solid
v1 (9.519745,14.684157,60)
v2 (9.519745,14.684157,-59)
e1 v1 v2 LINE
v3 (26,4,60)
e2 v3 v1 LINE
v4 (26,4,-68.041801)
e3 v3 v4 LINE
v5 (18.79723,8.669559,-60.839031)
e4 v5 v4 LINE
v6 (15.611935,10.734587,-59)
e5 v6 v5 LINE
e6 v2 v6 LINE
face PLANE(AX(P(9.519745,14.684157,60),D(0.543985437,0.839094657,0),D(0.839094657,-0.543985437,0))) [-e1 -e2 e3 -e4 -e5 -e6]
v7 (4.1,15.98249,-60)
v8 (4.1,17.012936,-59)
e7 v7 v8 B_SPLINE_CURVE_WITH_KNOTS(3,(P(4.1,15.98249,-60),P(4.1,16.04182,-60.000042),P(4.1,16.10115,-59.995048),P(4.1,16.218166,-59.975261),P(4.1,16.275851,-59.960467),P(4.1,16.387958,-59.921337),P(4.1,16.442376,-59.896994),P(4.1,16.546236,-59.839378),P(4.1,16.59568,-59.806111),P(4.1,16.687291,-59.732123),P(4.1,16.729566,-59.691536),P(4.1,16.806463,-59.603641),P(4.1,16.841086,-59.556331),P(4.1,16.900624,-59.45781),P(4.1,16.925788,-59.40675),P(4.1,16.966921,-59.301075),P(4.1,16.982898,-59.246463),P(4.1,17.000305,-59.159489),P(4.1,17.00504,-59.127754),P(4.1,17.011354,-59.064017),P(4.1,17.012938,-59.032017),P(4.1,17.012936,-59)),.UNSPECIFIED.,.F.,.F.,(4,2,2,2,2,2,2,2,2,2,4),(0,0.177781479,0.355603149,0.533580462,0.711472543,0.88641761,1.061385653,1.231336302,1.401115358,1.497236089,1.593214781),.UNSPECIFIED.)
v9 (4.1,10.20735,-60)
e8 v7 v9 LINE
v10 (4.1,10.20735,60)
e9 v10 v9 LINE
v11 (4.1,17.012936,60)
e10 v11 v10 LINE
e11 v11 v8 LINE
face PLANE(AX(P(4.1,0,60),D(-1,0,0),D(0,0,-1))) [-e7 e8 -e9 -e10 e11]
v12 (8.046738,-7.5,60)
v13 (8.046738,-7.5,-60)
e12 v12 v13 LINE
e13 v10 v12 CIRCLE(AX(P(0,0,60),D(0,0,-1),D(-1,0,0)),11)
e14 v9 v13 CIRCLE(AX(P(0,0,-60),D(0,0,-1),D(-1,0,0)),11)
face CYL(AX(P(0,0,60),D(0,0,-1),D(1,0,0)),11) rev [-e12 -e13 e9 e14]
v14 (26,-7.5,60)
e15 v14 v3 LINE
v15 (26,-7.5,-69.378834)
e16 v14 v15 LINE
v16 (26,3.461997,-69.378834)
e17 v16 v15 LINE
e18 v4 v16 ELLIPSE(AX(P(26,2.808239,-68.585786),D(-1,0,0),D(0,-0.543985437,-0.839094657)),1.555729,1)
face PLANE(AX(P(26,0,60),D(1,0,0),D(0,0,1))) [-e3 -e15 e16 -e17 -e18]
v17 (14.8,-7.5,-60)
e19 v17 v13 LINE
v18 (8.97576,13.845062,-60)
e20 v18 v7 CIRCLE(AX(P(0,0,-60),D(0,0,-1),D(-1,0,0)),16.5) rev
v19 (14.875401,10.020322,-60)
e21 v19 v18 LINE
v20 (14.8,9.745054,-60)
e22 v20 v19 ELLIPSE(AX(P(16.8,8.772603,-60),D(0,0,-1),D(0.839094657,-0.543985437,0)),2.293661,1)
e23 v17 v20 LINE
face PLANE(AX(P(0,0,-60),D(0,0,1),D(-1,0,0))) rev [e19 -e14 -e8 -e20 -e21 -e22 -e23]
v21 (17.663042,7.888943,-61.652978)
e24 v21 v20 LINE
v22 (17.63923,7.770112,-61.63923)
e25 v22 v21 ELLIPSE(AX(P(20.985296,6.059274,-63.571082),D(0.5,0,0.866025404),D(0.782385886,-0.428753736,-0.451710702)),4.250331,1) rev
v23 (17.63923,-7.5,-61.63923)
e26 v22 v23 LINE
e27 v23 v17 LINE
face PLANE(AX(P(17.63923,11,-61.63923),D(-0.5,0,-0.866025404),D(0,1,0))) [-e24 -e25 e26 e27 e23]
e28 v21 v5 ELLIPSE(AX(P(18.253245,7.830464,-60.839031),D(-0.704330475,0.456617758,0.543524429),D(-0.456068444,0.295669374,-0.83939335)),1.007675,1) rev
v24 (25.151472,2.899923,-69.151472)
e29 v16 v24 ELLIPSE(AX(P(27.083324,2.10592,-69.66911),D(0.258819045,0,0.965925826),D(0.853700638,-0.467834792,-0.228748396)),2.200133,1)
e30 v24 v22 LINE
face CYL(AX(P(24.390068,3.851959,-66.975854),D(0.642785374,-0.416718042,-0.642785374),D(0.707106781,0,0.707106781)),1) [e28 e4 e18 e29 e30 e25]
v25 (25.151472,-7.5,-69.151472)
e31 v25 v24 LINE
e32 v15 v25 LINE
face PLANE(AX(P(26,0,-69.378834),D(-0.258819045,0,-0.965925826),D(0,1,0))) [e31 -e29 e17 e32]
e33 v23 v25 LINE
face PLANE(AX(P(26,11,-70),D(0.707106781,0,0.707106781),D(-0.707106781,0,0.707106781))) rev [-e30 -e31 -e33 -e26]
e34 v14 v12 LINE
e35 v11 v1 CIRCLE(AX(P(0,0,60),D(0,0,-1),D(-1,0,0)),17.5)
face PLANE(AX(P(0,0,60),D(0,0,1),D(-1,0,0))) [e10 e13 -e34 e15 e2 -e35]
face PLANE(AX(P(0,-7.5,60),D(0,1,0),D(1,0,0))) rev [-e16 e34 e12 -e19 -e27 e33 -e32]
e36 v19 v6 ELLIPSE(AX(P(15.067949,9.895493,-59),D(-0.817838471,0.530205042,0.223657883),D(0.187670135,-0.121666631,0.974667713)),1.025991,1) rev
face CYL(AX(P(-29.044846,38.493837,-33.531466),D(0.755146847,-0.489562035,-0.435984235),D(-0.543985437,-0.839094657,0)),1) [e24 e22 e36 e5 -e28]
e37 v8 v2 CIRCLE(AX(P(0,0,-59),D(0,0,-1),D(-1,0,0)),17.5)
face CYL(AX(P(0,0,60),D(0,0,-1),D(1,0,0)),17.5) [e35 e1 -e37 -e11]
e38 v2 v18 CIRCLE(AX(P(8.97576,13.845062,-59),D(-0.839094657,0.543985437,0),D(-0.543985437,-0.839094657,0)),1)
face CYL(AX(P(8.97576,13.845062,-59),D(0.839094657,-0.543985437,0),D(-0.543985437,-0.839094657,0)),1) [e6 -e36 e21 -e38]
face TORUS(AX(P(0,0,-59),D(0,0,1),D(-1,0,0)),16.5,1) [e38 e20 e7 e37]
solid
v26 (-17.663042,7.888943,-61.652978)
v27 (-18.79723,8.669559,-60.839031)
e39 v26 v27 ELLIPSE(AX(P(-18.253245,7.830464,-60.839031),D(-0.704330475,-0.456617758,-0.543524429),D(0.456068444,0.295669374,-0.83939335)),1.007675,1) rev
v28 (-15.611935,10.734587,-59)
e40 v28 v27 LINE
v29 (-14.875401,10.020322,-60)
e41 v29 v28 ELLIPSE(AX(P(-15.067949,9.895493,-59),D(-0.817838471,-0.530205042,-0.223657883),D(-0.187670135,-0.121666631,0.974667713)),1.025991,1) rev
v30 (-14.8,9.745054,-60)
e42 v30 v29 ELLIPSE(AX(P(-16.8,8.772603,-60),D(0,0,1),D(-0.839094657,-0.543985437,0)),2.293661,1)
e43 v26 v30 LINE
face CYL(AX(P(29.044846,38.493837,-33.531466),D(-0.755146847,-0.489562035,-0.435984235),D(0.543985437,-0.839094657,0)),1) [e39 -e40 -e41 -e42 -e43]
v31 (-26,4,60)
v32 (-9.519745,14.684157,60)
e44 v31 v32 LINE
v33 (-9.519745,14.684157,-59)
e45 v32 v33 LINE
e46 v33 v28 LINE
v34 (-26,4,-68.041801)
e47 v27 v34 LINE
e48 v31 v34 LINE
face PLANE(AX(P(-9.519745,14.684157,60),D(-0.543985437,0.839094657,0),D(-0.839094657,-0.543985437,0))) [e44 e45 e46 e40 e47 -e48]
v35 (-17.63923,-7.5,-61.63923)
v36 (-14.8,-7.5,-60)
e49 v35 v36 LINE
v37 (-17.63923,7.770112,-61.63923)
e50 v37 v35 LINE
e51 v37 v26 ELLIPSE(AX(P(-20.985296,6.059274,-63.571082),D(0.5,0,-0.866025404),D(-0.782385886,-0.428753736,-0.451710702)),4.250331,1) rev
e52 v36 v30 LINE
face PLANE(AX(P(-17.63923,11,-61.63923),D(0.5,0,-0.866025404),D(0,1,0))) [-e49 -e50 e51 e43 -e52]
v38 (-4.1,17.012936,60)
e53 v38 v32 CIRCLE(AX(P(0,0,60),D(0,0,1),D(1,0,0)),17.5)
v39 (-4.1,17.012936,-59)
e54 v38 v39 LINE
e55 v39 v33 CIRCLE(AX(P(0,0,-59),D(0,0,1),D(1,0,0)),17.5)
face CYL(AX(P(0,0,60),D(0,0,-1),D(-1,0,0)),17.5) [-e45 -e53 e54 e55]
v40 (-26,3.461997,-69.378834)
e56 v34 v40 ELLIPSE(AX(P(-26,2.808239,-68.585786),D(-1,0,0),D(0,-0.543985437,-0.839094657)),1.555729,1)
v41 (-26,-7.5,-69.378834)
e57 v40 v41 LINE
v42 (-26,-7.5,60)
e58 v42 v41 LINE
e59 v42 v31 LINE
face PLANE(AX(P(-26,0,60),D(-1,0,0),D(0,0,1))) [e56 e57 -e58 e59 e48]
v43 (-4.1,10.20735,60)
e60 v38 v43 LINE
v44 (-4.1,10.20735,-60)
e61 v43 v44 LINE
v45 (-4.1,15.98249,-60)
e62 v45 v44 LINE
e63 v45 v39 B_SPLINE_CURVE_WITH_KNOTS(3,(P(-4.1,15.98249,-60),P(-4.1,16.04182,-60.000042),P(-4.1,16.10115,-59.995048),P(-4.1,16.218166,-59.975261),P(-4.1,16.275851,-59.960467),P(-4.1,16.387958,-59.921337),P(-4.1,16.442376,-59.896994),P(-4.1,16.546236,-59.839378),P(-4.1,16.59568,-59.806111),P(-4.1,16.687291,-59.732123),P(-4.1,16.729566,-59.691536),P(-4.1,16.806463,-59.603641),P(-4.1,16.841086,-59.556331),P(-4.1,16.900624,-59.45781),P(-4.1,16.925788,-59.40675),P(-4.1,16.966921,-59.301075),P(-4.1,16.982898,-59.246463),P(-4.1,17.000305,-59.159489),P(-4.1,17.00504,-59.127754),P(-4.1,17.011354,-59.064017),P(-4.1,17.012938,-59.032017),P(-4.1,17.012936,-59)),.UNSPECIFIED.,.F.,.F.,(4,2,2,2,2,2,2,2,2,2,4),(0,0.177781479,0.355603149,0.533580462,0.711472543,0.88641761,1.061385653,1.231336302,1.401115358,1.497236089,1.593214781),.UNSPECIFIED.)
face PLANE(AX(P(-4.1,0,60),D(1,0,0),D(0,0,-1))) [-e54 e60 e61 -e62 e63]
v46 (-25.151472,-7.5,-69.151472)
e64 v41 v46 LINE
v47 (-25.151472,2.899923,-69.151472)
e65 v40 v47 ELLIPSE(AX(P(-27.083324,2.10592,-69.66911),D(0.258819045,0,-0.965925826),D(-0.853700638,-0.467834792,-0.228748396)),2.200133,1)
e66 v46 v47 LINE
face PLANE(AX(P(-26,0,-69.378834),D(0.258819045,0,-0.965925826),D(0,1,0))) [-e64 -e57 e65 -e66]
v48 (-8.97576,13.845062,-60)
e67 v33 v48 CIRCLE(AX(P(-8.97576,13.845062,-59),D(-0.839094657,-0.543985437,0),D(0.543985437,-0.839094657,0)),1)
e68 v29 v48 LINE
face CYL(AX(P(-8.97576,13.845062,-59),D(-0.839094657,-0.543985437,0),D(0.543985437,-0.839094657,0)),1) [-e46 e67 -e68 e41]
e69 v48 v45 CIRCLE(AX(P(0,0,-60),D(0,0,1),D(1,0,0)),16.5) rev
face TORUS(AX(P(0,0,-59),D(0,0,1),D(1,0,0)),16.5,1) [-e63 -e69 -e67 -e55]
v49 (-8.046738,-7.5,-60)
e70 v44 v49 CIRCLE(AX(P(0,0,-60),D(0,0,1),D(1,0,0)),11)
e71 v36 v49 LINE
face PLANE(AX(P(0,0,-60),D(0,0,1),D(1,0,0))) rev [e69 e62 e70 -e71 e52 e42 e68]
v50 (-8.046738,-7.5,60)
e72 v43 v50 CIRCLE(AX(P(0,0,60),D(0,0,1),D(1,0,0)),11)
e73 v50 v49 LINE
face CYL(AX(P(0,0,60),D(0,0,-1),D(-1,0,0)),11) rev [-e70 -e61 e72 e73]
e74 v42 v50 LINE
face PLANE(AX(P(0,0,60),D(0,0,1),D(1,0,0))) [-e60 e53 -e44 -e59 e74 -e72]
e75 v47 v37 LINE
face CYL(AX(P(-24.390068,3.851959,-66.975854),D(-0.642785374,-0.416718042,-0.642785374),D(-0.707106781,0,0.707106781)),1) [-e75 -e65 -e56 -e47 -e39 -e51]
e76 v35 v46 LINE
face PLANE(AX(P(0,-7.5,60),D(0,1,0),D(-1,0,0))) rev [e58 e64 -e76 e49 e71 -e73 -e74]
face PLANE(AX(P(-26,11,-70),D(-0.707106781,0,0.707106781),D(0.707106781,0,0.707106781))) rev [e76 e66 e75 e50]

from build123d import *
from OCP.BRepFilletAPI import BRepFilletAPI_MakeChamfer

# Parameters (mm, degrees)
EXTRUDE_1_DEPTH          = 60
EXTRUDE_2_DEPTH          = 11
EXTRUDE_2_DEPTH_BACK     = 7.5
CUT_EXTRUDE_1_DEPTH      = 77.58616063
CUT_EXTRUDE_1_DEPTH_BACK = 77.58616063
CHAMFER_1_SIZE           = 1.2
CHAMFER_1_SIZE2          = 2.318221983
CHAMFER_1_SIZE2_2        = 0.621165708
FILLET_1_R               = 1


with BuildPart() as part:
    # 스케치1 → 보스-돌출1 (new, symmetric)
    with BuildSketch(Plane.XY):
        with BuildLine():
            Line((-26, -7.5), (-15.811388301, -7.5))
            ThreePointArc((-15.811388301, -7.5), (-16.835996569, 4.774852829), (-9.519745153, 14.684156503))
            Line((-9.519745153, 14.684156503), (-26, 4))
            Line((-26, 4), (-26, -7.5))
        make_face()
        with BuildLine():
            ThreePointArc((-9.519745153, 14.684156503), (-16.835996569, 4.774852829), (-15.811388301, -7.5))
            Line((-15.811388301, -7.5), (-8.04673847, -7.5))
            ThreePointArc((-8.04673847, -7.5), (-10.736544018, 2.393036259), (-4.1, 10.207350293))
            Line((-4.1, 10.207350293), (-4.1, 17.012936255))
            ThreePointArc((-4.1, 17.012936255), (-6.90870236, 16.078551916), (-9.519745153, 14.684156503))
        make_face()
    extrude(amount=EXTRUDE_1_DEPTH, both=True)

    # 스케치2 → 보스-돌출2 (add, two sides: drawn at the far end of the back side and taken through both)
    with BuildSketch(Plane(origin=(0, 0, 0), x_dir=(1, 0, 0), z_dir=(0, 1, 0)).offset(-EXTRUDE_2_DEPTH_BACK)):
        Polygon((-26, 60), (-26, 70), (-16, 60), align=None)
    extrude(amount=EXTRUDE_2_DEPTH + EXTRUDE_2_DEPTH_BACK)

    # 스케치3 → 컷-돌출1 (cut, two sides: drawn at the far end of the back side and taken through both)
    with BuildSketch(Plane.XY.offset(-CUT_EXTRUDE_1_DEPTH_BACK)):
        Polygon((-26, 4), (-15.202537057, 11), (-26, 11), align=None)
    extrude(amount=CUT_EXTRUDE_1_DEPTH + CUT_EXTRUDE_1_DEPTH_BACK, mode=Mode.SUBTRACT)

    # 모따기1: one chamfer whose edges measure the first distance from different faces: ONE call of the kernel's chamfer builder (chamfer() names one face for all edges)
    chamfer_1_edges_1 = [part.edges().sort_by_distance(p)[0] for p in [
        (-16, 1.491502211, -60),
    ]]
    chamfer_1_side_1 = [part.faces().sort_by_distance(p)[0] for p in [
        (-11.32981626, 5.117453967, -60),
    ]]
    chamfer_1_edges_2 = [part.edges().sort_by_distance(p)[0] for p in [
        (-26, -1.75, -70),
    ]]
    chamfer_1_side_2 = [part.faces().sort_by_distance(p)[0] for p in [
        (-20.633517425, -0.010453487, -64.633517425),
    ]]
    chamfer_1 = BRepFilletAPI_MakeChamfer(part.part.solid().wrapped)
    for e in chamfer_1_edges_1:
        chamfer_1.Add(CHAMFER_1_SIZE, CHAMFER_1_SIZE2, e.wrapped, chamfer_1_side_1[0].wrapped)  # the first distance lies on this face
    for e in chamfer_1_edges_2:
        chamfer_1.Add(CHAMFER_1_SIZE, CHAMFER_1_SIZE2_2, e.wrapped, chamfer_1_side_2[0].wrapped)  # the first distance lies on this face
    add(Compound.cast(chamfer_1.Shape()), mode=Mode.REPLACE)

    # 필렛1
    fillet_1_edges = [part.edges().sort_by_distance(p)[0] for p in [
        (-12.159872577, 12.972560728, -60),
        (-21.395351174, 6.98519587, -65.395351174),
        (-16.219615242, 10.340627763, -60.819615242),
        (-6.90870236, 16.078551916, -60),
    ]]
    fillet(fillet_1_edges, radius=FILLET_1_R)


with BuildPart() as body_2:
    # 대칭 복사5: mirrored copy
    add(part.part.mirror(Plane(origin=(0, 0, 0), x_dir=(0, 0, 1), z_dir=(1, 0, 0))))


solid = Compound([part.part, body_2.part])
